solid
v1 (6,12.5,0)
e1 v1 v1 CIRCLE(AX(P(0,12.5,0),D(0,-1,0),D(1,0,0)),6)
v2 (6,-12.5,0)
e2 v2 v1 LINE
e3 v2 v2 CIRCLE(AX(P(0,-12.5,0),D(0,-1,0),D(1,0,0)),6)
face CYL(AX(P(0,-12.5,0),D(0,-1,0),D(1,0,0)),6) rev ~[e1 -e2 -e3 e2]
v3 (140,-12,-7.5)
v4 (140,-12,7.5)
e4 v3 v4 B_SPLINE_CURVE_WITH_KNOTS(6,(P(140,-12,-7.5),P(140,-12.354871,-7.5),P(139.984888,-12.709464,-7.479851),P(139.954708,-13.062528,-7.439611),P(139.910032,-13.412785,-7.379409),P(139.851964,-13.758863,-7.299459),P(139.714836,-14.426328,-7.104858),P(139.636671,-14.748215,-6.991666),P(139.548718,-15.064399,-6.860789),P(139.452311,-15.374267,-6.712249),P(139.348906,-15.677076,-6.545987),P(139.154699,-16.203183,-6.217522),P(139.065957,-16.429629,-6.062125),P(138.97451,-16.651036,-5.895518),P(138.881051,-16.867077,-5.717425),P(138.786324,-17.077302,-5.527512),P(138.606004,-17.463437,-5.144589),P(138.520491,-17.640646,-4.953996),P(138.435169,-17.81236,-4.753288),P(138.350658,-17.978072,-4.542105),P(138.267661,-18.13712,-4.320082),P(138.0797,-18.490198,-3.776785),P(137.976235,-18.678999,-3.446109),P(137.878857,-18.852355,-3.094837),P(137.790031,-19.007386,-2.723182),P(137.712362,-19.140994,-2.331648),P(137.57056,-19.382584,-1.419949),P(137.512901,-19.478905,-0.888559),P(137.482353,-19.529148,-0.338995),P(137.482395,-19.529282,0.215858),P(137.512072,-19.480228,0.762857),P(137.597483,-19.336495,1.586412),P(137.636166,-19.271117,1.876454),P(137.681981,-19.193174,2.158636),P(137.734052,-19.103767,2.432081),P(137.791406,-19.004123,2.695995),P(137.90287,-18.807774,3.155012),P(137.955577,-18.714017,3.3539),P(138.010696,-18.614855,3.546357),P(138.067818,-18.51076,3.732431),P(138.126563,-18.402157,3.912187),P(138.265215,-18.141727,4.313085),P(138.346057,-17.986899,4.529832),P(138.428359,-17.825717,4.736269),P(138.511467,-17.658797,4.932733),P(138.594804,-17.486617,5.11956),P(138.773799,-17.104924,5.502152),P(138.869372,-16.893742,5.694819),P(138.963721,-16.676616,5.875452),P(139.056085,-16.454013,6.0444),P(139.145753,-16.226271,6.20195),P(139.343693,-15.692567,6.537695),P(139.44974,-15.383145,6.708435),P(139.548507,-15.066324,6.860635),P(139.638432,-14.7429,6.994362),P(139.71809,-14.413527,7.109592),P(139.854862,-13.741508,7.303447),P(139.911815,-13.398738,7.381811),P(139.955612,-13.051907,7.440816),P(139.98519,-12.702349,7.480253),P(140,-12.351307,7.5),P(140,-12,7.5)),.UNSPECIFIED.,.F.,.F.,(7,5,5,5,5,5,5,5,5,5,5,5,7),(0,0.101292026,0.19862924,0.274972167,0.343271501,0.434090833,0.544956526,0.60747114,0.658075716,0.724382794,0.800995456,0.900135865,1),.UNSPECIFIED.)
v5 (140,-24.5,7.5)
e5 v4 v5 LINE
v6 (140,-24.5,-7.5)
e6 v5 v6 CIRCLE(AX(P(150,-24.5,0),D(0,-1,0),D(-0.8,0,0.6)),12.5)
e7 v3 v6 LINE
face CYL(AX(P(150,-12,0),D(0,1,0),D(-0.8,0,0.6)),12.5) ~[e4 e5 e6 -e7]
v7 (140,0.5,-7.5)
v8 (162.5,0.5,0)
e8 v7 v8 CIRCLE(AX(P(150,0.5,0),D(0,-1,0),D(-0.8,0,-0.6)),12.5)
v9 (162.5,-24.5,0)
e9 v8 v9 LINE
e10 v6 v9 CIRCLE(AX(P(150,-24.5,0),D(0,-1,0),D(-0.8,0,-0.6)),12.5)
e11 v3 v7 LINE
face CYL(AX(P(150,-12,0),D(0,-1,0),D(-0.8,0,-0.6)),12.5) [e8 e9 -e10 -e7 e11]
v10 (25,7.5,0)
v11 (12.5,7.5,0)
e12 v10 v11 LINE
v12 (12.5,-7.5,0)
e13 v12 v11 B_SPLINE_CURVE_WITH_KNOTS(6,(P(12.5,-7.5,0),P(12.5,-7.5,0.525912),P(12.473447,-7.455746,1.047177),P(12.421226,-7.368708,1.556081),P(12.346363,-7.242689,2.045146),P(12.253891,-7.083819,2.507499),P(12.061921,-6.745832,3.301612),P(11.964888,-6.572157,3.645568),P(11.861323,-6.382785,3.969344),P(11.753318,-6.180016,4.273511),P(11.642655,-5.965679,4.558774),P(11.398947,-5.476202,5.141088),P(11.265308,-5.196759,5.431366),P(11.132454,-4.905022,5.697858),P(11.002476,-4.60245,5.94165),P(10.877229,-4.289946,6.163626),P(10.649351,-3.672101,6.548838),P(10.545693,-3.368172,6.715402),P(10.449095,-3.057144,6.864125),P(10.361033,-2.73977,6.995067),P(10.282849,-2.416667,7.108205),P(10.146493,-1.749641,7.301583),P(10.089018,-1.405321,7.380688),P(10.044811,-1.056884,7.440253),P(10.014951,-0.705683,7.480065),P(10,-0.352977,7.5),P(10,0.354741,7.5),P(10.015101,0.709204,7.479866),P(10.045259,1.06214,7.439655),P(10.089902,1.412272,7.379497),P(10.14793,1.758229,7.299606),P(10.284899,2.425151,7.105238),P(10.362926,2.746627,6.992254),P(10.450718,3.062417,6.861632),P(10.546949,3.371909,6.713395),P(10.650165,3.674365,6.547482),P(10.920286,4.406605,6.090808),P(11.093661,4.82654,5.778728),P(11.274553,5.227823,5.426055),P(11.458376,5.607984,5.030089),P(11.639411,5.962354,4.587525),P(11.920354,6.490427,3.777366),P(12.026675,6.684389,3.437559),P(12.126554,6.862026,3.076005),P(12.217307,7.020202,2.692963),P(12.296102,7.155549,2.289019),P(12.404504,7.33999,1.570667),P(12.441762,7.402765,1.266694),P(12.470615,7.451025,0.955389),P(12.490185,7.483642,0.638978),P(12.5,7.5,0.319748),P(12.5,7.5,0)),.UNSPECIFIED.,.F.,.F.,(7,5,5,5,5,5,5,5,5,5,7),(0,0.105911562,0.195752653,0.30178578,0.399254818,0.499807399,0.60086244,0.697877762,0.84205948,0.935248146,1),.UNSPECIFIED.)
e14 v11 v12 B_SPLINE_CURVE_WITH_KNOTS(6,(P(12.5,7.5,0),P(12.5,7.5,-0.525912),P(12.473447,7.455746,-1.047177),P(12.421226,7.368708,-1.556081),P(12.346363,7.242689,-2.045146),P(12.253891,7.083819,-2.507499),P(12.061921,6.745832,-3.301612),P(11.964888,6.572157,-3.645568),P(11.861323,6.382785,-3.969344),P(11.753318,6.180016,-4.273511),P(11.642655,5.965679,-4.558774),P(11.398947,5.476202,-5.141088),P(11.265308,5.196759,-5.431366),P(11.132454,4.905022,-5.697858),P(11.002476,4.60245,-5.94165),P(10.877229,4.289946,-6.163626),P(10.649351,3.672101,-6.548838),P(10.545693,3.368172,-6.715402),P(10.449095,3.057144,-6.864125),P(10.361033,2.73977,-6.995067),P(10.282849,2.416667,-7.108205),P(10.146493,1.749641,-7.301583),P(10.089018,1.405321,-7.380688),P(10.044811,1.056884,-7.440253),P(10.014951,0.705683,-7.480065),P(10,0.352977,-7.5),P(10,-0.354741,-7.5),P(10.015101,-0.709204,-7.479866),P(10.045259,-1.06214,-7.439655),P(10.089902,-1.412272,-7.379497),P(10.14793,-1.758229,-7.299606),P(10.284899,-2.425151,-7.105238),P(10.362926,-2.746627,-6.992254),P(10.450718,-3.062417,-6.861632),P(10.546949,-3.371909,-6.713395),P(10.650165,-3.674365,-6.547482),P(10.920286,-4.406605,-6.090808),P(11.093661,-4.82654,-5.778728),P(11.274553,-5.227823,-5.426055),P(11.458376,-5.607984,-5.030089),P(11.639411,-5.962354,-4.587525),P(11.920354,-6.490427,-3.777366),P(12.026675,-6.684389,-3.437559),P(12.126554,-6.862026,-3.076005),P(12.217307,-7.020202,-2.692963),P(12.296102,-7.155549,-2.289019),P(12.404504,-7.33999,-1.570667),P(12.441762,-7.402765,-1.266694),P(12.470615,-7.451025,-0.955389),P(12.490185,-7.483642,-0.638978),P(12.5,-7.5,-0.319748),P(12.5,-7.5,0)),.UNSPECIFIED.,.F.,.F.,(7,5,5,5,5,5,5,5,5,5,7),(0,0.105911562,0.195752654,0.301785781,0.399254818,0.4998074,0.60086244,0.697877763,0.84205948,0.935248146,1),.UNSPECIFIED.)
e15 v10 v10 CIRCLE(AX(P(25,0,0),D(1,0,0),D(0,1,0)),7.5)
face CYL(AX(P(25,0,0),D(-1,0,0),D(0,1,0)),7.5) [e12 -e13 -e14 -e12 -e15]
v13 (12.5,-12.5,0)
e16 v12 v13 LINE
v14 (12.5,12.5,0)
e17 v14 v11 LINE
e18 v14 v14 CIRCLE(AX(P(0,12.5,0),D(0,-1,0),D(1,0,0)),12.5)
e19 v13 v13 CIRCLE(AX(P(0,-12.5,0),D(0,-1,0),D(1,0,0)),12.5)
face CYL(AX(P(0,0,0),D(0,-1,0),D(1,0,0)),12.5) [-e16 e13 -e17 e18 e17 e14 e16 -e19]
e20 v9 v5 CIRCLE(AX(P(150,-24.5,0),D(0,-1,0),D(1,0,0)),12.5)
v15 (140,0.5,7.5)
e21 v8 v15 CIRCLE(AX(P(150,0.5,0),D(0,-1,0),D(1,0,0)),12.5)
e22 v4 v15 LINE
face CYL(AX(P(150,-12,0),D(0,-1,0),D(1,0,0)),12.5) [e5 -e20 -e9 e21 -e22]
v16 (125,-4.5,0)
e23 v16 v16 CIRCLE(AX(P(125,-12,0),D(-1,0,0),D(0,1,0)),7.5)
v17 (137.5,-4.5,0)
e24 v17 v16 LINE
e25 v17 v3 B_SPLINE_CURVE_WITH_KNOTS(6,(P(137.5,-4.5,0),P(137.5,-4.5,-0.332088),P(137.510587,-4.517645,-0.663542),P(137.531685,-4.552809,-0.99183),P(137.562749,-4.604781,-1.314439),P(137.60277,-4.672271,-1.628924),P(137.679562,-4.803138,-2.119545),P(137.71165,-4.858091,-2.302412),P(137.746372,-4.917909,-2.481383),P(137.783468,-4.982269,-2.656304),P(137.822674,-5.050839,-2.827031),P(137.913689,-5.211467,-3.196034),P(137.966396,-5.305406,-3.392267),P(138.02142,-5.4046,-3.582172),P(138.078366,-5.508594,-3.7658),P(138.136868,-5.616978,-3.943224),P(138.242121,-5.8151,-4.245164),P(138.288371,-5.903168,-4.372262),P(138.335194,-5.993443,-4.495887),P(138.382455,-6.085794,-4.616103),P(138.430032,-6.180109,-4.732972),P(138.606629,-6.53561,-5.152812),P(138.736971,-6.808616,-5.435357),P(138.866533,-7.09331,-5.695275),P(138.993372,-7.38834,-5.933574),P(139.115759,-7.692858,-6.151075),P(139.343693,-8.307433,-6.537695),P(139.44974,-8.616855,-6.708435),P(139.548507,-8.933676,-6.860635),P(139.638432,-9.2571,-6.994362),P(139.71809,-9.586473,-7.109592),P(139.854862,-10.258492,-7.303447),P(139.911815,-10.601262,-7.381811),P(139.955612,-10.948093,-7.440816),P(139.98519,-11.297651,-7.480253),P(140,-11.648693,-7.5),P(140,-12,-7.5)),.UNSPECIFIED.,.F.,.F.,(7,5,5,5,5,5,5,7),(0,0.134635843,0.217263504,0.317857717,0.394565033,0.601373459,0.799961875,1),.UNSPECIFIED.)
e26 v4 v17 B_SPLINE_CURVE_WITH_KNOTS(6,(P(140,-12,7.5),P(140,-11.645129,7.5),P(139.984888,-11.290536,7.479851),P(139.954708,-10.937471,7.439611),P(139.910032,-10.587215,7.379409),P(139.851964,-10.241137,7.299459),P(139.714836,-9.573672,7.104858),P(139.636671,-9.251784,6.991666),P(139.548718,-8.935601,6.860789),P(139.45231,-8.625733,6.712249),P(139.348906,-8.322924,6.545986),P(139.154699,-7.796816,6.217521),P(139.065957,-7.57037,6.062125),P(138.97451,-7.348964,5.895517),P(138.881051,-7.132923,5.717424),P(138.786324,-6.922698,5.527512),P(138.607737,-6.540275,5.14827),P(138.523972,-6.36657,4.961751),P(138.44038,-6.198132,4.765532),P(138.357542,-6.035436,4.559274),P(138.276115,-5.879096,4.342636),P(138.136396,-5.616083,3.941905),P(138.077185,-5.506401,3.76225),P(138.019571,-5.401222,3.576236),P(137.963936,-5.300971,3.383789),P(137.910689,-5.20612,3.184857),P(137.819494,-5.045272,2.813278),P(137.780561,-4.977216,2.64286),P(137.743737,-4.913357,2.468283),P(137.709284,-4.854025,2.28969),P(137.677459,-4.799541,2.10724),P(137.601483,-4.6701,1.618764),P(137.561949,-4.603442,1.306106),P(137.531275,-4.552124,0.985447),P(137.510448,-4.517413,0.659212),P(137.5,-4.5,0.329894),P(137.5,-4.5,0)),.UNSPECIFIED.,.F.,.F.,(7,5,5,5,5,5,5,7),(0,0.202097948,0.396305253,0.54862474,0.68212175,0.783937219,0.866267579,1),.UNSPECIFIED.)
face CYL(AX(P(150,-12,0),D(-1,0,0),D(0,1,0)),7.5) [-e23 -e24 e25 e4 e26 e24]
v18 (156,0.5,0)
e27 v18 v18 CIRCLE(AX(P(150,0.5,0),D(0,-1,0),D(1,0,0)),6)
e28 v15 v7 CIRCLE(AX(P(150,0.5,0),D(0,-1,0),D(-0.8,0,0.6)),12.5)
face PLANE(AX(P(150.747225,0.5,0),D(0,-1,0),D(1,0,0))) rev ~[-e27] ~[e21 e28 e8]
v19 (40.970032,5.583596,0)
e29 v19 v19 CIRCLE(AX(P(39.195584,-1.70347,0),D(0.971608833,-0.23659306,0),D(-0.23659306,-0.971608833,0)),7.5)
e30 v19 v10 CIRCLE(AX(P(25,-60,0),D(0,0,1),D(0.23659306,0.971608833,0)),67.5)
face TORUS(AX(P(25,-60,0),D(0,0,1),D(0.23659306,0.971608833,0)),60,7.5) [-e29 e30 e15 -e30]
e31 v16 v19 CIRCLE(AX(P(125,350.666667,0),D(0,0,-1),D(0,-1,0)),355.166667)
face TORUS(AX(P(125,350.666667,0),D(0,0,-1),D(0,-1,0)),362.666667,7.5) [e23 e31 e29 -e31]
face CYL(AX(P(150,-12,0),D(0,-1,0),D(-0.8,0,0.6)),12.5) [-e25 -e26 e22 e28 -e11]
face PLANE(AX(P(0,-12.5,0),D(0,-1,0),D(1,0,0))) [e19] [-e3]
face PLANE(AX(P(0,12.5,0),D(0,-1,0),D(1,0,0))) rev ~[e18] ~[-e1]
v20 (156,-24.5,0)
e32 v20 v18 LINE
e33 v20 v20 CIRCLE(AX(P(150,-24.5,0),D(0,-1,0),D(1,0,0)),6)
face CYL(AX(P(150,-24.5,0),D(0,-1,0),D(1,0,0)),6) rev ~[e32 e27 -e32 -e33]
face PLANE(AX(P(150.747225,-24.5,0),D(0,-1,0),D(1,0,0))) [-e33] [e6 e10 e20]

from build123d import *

# Parameters (mm, degrees)
F1_R      = 7.5
F3_R      = 12.5
F4_DEPTH  = 12.5
F5_R      = 6
F6_DEPTH  = 25
F9_DEPTH  = 12.5
F10_R     = 6
F11_DEPTH = 25


with BuildPart() as f2:
    # F2: sweep along a path in F0
    with BuildLine(Plane.XY) as f2_path:
        Line((150, -12), (125, -12))
        ThreePointArc((125, -12), (81.789999989, -9.4166667579), (39.1955835962, -1.7034700315))
        ThreePointArc((39.1955835962, -1.7034700315), (32.1487132371, -0.4273896908), (25, 0))
        Line((25, 0), (0, 0))
    # F1 (on Right) → F2 (sweep)
    with BuildSketch(Plane.YZ):
        Circle(F1_R)
    sweep(path=f2_path.line)

    # F3 (on Front) → F4 (join, symmetric)
    with BuildSketch(Plane.XZ):
        Circle(F3_R)
    extrude(amount=F4_DEPTH, both=True)

    # F5 (on face) → F6 (cut)
    with BuildSketch(Plane.XZ.offset(12.5)):
        Circle(F5_R)
    extrude(amount=-F6_DEPTH, mode=Mode.SUBTRACT)

    # F8 (on offset) → F9 (join, symmetric)
    with BuildSketch(Plane.XZ.offset(12)):
        with BuildLine():
            Line((150, 7.5), (150, -7.5))
            Line((150, -7.5), (140, -7.5))
            ThreePointArc((140, -7.5), (153.9528470752, -11.8585412256), (162.5, 0))
            ThreePointArc((162.5, 0), (153.9528470752, 11.8585412256), (140, 7.5))
            Line((140, 7.5), (150, 7.5))
        make_face()
        with BuildLine():
            Line((140, -7.5), (150, -7.5))
            Line((150, -7.5), (150, 7.5))
            Line((150, 7.5), (140, 7.5))
            ThreePointArc((140, 7.5), (137.5, 0), (140, -7.5))
        make_face()
    extrude(amount=F9_DEPTH, both=True)

    # F10 (on face) → F11 (cut)
    with BuildSketch(Plane.XZ.offset(24.5)):
        with Locations((150, 0)):
            Circle(F10_R)
    extrude(amount=-F11_DEPTH, mode=Mode.SUBTRACT)


solid = f2.part
